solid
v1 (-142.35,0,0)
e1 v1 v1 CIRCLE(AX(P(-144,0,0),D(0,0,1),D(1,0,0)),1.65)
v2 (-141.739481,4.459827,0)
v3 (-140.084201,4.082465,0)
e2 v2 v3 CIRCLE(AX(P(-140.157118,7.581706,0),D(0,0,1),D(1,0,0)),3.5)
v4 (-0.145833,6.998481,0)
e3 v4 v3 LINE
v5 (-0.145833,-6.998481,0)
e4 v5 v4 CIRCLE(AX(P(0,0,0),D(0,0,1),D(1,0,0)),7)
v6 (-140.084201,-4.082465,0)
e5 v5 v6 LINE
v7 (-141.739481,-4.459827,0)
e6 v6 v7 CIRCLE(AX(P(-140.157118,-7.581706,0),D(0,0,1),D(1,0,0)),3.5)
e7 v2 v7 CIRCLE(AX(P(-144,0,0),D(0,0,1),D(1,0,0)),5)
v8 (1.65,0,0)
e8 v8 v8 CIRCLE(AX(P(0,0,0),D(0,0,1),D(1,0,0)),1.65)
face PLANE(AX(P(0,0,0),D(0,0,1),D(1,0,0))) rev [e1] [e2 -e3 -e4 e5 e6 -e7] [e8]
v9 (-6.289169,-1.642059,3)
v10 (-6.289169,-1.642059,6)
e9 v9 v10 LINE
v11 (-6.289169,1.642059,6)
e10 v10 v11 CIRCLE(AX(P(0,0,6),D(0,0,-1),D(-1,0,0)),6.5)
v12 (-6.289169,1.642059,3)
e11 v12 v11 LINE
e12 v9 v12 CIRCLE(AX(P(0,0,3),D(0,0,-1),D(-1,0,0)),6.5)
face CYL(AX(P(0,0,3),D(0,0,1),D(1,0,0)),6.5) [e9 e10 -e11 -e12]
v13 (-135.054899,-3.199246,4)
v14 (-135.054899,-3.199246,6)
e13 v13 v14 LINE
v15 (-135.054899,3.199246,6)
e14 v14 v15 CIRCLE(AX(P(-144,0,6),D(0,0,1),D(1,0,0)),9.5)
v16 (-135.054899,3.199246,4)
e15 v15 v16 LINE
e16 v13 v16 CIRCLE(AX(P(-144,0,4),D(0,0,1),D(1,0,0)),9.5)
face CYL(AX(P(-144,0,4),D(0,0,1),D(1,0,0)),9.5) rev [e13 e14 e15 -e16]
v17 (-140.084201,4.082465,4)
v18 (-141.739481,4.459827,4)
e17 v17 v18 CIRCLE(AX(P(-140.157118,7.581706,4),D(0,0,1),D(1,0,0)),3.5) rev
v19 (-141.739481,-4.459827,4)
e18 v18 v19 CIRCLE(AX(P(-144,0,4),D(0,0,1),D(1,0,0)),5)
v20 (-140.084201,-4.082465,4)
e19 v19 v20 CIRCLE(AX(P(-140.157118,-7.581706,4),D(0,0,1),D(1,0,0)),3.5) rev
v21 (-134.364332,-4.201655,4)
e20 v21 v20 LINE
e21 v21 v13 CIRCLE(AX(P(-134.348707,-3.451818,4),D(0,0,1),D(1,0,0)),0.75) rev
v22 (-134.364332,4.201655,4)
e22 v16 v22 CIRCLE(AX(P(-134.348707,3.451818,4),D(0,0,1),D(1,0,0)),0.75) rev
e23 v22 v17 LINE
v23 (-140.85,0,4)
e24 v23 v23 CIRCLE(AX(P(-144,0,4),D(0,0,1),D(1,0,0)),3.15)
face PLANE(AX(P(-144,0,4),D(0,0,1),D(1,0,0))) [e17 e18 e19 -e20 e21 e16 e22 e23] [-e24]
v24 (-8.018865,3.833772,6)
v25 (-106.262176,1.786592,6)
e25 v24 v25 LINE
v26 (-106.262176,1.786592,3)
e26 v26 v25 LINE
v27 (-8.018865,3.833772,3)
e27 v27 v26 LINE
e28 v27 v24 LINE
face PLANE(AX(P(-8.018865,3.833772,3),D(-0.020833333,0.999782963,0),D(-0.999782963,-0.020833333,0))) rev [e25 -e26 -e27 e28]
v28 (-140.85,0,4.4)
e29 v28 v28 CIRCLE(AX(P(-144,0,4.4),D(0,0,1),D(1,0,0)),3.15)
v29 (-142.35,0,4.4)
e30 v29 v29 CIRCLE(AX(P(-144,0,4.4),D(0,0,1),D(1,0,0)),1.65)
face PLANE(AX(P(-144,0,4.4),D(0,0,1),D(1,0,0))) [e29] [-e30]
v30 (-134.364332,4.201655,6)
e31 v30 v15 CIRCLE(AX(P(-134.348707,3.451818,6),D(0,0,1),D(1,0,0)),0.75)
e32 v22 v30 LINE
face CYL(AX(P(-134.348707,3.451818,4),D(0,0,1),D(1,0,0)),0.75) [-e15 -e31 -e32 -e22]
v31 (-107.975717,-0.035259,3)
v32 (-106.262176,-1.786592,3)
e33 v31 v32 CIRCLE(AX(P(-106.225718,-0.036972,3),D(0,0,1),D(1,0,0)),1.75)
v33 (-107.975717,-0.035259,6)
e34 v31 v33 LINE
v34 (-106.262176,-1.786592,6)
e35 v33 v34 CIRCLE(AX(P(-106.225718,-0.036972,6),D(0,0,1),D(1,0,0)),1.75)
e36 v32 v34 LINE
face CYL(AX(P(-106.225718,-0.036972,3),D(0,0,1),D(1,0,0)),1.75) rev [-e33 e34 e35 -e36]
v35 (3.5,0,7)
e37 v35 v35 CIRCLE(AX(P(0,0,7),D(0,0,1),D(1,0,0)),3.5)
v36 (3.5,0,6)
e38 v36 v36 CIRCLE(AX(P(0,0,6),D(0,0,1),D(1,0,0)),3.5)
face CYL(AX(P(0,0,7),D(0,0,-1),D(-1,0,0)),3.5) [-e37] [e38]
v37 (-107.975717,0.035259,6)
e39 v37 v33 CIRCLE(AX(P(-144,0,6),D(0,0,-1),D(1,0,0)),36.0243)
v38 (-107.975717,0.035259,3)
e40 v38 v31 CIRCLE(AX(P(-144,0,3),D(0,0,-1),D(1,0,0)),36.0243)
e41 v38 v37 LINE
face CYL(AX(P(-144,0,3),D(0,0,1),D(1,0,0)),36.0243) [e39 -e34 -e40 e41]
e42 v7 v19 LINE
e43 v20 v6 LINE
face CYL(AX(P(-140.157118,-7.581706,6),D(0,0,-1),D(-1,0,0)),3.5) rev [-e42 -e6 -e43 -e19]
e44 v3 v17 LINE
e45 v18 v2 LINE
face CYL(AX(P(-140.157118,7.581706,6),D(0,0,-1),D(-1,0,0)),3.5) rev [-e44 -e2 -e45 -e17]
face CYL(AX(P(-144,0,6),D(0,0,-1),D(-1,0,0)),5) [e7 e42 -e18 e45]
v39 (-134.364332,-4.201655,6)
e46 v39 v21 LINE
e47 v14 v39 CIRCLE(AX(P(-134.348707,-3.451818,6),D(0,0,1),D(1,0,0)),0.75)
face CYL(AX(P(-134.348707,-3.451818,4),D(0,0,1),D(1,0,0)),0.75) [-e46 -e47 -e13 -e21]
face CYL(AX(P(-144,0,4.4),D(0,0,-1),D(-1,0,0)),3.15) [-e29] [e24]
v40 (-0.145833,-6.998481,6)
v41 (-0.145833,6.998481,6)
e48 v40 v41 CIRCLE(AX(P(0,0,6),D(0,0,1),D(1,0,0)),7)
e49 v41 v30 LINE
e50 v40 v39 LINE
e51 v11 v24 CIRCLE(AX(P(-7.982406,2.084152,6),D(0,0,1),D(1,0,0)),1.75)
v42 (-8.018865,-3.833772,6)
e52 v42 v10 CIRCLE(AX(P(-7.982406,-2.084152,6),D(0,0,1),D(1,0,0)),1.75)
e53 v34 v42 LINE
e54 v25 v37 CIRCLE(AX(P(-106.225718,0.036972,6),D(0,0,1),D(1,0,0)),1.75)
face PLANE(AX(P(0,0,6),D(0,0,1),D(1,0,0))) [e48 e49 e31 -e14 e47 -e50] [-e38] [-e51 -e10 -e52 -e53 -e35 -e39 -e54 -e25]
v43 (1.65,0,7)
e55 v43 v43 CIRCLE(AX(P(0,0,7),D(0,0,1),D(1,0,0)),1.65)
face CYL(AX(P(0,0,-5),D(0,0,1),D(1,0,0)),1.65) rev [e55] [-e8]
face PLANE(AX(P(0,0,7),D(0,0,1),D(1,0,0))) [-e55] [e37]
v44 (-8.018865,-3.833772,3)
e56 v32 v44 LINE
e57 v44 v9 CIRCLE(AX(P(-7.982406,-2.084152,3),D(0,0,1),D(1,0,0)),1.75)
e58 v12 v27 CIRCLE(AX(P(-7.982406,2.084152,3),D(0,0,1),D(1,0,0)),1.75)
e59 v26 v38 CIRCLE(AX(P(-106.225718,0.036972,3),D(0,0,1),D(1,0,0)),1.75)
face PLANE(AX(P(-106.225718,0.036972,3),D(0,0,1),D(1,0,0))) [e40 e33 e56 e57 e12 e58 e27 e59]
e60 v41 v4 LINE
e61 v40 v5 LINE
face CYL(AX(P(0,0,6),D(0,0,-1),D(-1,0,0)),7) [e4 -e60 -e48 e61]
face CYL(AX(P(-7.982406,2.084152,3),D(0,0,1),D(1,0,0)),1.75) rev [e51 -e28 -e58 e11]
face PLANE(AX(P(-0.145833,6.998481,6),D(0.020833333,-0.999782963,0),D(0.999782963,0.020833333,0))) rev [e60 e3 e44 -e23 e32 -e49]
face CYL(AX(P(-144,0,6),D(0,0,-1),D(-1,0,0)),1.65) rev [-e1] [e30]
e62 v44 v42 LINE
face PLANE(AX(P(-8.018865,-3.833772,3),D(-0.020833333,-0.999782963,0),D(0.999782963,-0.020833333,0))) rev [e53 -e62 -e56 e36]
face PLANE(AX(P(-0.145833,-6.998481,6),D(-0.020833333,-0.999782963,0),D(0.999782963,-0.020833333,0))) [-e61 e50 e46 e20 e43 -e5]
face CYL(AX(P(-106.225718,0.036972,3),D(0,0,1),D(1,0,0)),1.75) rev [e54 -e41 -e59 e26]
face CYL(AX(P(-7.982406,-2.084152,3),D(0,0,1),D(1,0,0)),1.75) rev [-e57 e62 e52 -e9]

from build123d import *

# Parameters (mm, degrees)
SKETCH1_R           = 1.65
BOSS_EXTRUDE1_DEPTH = 6
SKETCH2_R           = 3.5
BOSS_EXTRUDE2_DEPTH = 1
SKETCH4_R           = 1.65
CUT_EXTRUDE1_DEPTH  = 12
SKETCH7_R           = 9.5
CUT_EXTRUDE3_DEPTH  = 2
FILLET2_R           = 0.75
FILLET3_R           = 3.5
SKETCH8_R           = 3.15
SKETCH8_R_2         = 1.65
BOSS_EXTRUDE5_DEPTH = 0.4
CUT_EXTRUDE4_DEPTH  = 3


with BuildPart() as part:
    # Sketch1 → Boss-Extrude1 (new body)
    with BuildSketch(Plane.XY):
        with BuildLine():
            ThreePointArc((-0.145833333, -6.998480738), (7, 0), (-0.145833333, 6.998480738))
            Line((-0.145833333, 6.998480738), (-141.083984446, 4.06163185))
            ThreePointArc((-141.083984446, 4.06163185), (-149, 0), (-141.083984446, -4.06163185))
            Line((-141.083984446, -4.06163185), (-0.145833333, -6.998480738))
        make_face()
        with Locations((-144, 0)):
            Circle(SKETCH1_R, mode=Mode.SUBTRACT)
    extrude(amount=BOSS_EXTRUDE1_DEPTH)

    # Sketch2 → Boss-Extrude2 (add)
    with BuildSketch(Plane.XY.offset(6)):
        Circle(SKETCH2_R)
    extrude(amount=BOSS_EXTRUDE2_DEPTH)

    # Sketch4 → Cut-Extrude1 (cut)
    with BuildSketch(Plane.XY.offset(7)):
        Circle(SKETCH4_R)
    extrude(amount=-CUT_EXTRUDE1_DEPTH, mode=Mode.SUBTRACT)

    # Sketch7 → Cut-Extrude3 (cut)
    with BuildSketch(Plane.XY.offset(6)):
        with Locations((-144, 0)):
            Circle(SKETCH7_R)
    extrude(amount=-CUT_EXTRUDE3_DEPTH, mode=Mode.SUBTRACT)

    # Fillet2
    fillet2_edges = [part.edges().sort_by_distance(p)[0] for p in [
        (-135.468359541, 4.178649433, 5),
        (-135.468359541, -4.178649433, 5),
    ]]
    fillet(fillet2_edges, radius=FILLET2_R)

    # Fillet3
    fillet3_edges = [part.edges().sort_by_distance(p)[0] for p in [
        (-141.083984446, -4.06163185, 2),
        (-141.083984446, 4.06163185, 2),
    ]]
    fillet(fillet3_edges, radius=FILLET3_R)

    # Sketch8 → Boss-Extrude5 (add)
    with BuildSketch(Plane.XY.offset(4)):
        with Locations((-144, 0)):
            Circle(SKETCH8_R)
        with Locations((-144, 0)):
            Circle(SKETCH8_R_2, mode=Mode.SUBTRACT)
    extrude(amount=BOSS_EXTRUDE5_DEPTH)

    # Sketch9 → Cut-Extrude4 (cut)
    with BuildSketch(Plane.XY.offset(6)):
        with BuildLine():
            Line((-8.018864585, -3.833772393), (-106.262176435, -1.786592415))
            ThreePointArc((-106.262176435, -1.786592415), (-107.476577581, -1.260839283), (-107.975717263, -0.035259389))
            ThreePointArc((-107.975717263, -0.035259389), (-107.975700008, 0), (-107.975717263, 0.035259389))
            ThreePointArc((-107.975717263, 0.035259389), (-107.476577581, 1.260839283), (-106.262176435, 1.786592415))
            Line((-106.262176435, 1.786592415), (-8.018864585, 3.833772393))
            ThreePointArc((-8.018864585, 3.833772393), (-6.60867738, 3.168296566), (-6.289168562, 1.642059316))
            ThreePointArc((-6.289168562, 1.642059316), (-6.5, 0), (-6.289168562, -1.642059316))
            ThreePointArc((-6.289168562, -1.642059316), (-6.60867738, -3.168296566), (-8.018864585, -3.833772393))
        make_face()
    extrude(amount=-CUT_EXTRUDE4_DEPTH, mode=Mode.SUBTRACT)


solid = part.part
